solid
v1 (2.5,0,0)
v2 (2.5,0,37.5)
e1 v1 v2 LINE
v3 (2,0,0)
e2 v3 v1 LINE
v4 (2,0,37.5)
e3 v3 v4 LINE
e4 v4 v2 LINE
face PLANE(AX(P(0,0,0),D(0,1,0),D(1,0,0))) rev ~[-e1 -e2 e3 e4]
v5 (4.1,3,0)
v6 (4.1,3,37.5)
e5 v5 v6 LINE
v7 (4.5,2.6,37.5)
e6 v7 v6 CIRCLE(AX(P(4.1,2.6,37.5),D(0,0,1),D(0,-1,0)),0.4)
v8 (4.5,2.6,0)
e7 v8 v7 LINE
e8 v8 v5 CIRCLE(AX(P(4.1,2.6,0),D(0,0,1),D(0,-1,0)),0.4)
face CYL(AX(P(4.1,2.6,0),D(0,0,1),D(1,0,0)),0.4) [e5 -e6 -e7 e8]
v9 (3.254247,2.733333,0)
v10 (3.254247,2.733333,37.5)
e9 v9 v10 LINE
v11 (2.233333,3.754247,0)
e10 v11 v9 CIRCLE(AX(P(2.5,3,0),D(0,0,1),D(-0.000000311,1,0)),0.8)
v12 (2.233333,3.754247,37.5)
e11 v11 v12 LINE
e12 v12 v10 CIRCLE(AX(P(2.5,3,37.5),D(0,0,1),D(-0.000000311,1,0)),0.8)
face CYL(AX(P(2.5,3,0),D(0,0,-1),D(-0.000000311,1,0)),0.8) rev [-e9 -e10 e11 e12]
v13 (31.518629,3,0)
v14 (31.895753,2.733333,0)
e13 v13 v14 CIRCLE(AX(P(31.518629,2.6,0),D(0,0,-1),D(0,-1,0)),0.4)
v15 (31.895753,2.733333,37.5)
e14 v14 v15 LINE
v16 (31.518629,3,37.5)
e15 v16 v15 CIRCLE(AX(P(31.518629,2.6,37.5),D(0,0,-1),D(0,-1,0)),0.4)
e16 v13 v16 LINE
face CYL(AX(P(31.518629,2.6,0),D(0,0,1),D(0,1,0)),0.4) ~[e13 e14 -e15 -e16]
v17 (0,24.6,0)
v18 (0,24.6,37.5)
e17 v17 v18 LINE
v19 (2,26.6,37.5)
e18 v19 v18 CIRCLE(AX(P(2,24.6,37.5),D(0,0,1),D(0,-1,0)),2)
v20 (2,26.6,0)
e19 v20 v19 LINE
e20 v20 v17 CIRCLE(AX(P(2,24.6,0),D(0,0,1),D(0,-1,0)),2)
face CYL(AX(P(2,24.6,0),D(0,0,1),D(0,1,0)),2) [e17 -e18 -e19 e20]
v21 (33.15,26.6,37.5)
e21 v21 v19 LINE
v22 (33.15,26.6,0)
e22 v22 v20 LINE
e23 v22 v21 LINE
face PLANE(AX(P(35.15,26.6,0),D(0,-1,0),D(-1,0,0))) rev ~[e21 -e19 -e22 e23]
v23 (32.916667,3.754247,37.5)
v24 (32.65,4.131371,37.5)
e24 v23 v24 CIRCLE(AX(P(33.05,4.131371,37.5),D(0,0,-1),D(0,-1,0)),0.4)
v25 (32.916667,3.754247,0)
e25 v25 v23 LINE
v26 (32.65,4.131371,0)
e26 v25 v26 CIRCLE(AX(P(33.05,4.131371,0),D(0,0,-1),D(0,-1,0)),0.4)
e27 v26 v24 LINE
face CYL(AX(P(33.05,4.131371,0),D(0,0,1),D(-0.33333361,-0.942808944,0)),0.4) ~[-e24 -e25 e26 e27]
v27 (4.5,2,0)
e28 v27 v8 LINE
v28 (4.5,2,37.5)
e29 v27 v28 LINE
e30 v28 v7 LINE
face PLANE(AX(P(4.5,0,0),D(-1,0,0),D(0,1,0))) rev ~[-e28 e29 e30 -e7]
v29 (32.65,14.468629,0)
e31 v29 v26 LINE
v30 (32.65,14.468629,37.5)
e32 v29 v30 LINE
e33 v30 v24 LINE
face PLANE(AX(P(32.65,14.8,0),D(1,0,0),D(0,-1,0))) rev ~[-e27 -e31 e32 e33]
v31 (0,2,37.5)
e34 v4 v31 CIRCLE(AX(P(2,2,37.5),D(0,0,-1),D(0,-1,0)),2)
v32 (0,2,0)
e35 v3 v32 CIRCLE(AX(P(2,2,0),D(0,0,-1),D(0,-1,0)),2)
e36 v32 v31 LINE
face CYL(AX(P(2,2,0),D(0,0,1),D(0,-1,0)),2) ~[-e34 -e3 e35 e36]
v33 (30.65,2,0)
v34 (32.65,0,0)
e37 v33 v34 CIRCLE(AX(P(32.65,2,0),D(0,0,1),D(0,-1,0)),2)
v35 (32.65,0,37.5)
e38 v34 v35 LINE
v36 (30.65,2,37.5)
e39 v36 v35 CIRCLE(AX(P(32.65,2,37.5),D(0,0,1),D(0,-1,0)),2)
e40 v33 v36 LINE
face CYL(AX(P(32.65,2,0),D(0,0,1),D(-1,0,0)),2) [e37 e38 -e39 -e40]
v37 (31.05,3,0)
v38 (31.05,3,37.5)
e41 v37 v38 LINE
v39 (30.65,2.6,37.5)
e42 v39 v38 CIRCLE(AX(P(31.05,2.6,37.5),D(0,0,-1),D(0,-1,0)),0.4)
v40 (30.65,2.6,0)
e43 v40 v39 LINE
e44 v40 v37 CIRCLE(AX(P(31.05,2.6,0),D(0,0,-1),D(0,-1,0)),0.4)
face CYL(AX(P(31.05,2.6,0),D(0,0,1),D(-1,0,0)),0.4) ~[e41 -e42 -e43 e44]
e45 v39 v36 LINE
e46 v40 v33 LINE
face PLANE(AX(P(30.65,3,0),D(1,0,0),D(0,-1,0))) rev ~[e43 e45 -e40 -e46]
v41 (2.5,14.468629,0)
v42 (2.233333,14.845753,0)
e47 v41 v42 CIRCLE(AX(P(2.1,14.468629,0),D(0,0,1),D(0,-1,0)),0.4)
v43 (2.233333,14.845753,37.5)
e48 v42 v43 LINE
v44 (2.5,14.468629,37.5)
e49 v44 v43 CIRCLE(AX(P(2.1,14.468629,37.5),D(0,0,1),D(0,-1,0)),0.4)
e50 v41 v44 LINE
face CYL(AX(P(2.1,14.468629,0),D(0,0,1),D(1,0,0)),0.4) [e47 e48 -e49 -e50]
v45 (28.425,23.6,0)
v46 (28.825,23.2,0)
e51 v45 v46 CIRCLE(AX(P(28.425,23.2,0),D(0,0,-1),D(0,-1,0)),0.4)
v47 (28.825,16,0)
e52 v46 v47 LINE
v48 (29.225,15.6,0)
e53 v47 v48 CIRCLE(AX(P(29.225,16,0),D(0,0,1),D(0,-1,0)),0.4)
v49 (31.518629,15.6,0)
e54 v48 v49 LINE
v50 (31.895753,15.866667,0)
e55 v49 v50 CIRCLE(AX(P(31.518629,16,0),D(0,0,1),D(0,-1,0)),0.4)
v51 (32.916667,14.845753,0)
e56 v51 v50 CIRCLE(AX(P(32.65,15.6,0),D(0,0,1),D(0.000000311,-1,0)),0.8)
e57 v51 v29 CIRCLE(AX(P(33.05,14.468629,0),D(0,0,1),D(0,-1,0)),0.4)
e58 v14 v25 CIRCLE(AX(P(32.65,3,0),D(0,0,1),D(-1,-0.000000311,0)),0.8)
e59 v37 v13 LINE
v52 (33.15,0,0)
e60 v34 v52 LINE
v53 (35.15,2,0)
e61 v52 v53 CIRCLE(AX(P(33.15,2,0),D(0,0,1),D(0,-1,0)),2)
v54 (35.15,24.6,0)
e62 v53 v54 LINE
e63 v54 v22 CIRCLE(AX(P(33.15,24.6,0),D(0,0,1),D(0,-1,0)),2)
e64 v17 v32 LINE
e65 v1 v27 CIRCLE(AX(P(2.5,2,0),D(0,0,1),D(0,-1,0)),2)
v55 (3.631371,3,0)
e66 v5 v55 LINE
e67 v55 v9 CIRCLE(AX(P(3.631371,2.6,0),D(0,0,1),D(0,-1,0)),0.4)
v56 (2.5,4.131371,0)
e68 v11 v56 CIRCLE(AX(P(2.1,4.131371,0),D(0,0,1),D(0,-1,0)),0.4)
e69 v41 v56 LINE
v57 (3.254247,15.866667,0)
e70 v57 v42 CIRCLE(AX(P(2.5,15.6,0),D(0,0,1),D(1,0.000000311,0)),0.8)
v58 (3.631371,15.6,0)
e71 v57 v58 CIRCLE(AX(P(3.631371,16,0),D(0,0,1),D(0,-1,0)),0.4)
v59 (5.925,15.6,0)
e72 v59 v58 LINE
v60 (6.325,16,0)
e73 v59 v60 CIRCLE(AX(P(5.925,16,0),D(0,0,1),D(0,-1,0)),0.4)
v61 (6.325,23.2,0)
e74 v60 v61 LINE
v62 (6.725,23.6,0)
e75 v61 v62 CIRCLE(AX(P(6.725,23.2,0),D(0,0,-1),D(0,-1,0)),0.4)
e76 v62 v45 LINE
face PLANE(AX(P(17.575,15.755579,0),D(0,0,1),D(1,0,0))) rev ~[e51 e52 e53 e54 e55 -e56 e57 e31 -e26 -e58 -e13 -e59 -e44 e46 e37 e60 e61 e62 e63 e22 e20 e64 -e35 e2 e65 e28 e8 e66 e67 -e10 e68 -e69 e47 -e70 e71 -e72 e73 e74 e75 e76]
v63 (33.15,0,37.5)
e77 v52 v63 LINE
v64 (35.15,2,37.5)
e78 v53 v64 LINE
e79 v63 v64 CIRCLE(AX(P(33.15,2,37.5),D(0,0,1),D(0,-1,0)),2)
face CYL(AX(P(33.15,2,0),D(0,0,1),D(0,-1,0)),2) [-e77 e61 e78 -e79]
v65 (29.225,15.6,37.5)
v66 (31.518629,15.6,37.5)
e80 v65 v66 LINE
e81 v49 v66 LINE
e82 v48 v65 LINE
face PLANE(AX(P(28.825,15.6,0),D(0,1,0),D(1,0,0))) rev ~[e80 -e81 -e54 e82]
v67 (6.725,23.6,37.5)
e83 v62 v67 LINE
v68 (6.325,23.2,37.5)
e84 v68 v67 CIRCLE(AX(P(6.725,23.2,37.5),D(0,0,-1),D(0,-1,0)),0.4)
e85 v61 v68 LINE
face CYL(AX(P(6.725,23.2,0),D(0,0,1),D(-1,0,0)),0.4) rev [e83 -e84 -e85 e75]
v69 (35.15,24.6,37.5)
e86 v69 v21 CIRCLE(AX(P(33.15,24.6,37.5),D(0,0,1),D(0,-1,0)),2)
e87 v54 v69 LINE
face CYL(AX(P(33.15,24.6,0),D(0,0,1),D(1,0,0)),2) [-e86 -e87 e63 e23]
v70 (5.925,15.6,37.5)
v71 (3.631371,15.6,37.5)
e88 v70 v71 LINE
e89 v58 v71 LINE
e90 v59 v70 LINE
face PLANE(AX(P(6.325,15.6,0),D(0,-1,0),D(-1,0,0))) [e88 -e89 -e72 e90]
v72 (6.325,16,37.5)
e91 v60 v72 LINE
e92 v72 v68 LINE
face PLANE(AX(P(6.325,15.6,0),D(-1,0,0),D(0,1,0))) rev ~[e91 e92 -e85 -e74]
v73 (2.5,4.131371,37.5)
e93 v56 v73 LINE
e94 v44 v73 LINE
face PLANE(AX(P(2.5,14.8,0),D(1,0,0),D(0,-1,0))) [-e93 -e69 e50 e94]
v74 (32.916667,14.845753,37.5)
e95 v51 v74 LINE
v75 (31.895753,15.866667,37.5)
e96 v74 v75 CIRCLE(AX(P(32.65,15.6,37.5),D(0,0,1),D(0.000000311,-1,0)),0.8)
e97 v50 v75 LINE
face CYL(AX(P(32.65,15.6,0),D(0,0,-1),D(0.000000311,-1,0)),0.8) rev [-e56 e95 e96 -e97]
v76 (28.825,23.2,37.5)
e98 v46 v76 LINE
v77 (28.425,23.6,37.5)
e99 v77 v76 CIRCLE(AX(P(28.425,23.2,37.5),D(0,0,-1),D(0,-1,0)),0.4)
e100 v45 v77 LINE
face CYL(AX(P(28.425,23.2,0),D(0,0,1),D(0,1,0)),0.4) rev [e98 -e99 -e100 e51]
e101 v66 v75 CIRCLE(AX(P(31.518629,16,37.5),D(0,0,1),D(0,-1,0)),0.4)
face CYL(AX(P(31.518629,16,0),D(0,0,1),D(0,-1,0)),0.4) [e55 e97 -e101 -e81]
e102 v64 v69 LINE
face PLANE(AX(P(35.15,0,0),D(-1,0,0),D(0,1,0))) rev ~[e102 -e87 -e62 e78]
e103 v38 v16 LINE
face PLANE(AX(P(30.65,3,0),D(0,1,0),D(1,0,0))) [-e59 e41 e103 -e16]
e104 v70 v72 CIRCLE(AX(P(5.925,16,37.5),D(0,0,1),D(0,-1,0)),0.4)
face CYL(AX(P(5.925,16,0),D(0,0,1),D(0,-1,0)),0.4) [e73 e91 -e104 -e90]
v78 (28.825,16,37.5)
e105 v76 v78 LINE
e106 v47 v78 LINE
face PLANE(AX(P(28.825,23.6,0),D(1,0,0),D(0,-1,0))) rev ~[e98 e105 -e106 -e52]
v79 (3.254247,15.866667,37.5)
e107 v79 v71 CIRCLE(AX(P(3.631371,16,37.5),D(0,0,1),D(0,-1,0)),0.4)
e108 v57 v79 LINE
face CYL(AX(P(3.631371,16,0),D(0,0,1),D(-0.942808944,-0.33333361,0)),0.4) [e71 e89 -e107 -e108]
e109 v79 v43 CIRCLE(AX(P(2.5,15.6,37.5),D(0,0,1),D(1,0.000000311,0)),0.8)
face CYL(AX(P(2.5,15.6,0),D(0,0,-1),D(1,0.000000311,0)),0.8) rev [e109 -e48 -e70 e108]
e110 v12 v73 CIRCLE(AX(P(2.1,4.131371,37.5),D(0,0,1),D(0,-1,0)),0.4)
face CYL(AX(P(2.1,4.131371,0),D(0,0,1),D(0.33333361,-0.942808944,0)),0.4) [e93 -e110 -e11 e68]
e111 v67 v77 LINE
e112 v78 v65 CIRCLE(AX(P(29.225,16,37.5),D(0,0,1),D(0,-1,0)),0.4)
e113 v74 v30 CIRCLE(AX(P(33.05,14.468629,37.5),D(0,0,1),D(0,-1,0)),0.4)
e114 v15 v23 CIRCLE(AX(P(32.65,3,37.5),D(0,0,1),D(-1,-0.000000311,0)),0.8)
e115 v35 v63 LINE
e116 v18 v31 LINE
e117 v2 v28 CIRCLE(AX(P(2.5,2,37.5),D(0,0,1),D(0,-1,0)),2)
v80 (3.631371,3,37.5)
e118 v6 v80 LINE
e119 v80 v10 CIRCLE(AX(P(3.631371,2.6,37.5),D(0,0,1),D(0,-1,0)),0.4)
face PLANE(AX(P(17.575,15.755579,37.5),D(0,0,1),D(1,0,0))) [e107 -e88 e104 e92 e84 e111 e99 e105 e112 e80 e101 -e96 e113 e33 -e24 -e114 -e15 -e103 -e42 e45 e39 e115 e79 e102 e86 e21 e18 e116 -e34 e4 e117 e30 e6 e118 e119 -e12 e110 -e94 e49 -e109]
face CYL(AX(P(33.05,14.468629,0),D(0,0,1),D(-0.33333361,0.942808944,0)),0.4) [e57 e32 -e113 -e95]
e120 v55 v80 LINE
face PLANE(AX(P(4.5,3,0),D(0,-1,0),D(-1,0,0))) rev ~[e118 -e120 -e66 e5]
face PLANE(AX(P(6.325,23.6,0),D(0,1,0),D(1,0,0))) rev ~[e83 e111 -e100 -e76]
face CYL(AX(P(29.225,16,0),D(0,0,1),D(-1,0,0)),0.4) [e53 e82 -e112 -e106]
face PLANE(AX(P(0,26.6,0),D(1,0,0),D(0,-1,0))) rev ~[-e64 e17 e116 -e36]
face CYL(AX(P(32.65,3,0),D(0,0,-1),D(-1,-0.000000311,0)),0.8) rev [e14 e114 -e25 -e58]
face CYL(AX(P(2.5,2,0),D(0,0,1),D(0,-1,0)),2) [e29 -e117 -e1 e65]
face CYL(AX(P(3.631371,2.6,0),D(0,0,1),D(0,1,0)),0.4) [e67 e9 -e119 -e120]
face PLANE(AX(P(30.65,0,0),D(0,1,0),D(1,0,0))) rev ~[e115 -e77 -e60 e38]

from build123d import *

# Parameters (mm, degrees)
PAD_DEPTH   = 37.5
FILLET_R    = 2
FILLET001_R = 0.4


with BuildPart() as part:
    # Sketch → Pad (new body)
    with BuildSketch(Plane.XY):
        with BuildLine():
            Line((0, 0), (4.5, 0))
            Line((4.5, 0), (4.5, 3))
            Line((4.5, 3), (3.3, 3))
            ThreePointArc((2.5, 3.8), (1.934315, 2.434315), (3.3, 3))
            Line((2.5, 14.8), (2.5, 3.8))
            ThreePointArc((3.3, 15.6), (1.934315, 16.165685), (2.5, 14.8))
            Line((6.325, 15.6), (3.3, 15.6))
            Line((6.325, 15.6), (6.325, 23.6))
            Line((6.325, 23.6), (28.825, 23.6))
            Line((28.825, 23.6), (28.825, 15.6))
            Line((28.825, 15.6), (31.85, 15.6))
            ThreePointArc((32.65, 14.8), (33.215685, 16.165685), (31.85, 15.6))
            Line((32.65, 14.8), (32.65, 3.8))
            ThreePointArc((31.85, 3), (33.215685, 2.434315), (32.65, 3.8))
            Line((30.65, 3), (31.85, 3))
            Line((30.65, 3), (30.65, 0))
            Line((30.65, 0), (35.15, 0))
            Line((35.15, 0), (35.15, 26.6))
            Line((35.15, 26.6), (0, 26.6))
            Line((0, 26.6), (0, 0))
        make_face()
    extrude(amount=PAD_DEPTH)

    # Fillet
    fillet_edges = [part.edges().sort_by_distance(p)[0] for p in [
        (0, 26.6, 18.75),
        (0, 0, 18.75),
        (4.5, 0, 18.75),
        (30.65, 0, 18.75),
        (35.15, 0, 18.75),
        (35.15, 26.6, 18.75),
    ]]
    fillet(fillet_edges, radius=FILLET_R)

    # Fillet001
    fillet001_edges = [part.edges().sort_by_distance(p)[0] for p in [
        (6.325, 15.6, 18.75),
        (6.325, 23.6, 18.75),
        (28.825, 23.6, 18.75),
        (28.825, 15.6, 18.75),
        (4.5, 3, 18.75),
        (30.65, 3, 18.75),
        (3.3, 15.6, 18.75),
        (31.85, 15.6, 18.75),
        (2.5, 14.8, 18.75),
        (32.65, 14.8, 18.75),
        (3.3, 3, 18.75),
        (31.85, 3, 18.75),
        (32.65, 3.8, 18.75),
        (2.5, 3.8, 18.75),
    ]]
    fillet(fillet001_edges, radius=FILLET001_R)


solid = part.part
